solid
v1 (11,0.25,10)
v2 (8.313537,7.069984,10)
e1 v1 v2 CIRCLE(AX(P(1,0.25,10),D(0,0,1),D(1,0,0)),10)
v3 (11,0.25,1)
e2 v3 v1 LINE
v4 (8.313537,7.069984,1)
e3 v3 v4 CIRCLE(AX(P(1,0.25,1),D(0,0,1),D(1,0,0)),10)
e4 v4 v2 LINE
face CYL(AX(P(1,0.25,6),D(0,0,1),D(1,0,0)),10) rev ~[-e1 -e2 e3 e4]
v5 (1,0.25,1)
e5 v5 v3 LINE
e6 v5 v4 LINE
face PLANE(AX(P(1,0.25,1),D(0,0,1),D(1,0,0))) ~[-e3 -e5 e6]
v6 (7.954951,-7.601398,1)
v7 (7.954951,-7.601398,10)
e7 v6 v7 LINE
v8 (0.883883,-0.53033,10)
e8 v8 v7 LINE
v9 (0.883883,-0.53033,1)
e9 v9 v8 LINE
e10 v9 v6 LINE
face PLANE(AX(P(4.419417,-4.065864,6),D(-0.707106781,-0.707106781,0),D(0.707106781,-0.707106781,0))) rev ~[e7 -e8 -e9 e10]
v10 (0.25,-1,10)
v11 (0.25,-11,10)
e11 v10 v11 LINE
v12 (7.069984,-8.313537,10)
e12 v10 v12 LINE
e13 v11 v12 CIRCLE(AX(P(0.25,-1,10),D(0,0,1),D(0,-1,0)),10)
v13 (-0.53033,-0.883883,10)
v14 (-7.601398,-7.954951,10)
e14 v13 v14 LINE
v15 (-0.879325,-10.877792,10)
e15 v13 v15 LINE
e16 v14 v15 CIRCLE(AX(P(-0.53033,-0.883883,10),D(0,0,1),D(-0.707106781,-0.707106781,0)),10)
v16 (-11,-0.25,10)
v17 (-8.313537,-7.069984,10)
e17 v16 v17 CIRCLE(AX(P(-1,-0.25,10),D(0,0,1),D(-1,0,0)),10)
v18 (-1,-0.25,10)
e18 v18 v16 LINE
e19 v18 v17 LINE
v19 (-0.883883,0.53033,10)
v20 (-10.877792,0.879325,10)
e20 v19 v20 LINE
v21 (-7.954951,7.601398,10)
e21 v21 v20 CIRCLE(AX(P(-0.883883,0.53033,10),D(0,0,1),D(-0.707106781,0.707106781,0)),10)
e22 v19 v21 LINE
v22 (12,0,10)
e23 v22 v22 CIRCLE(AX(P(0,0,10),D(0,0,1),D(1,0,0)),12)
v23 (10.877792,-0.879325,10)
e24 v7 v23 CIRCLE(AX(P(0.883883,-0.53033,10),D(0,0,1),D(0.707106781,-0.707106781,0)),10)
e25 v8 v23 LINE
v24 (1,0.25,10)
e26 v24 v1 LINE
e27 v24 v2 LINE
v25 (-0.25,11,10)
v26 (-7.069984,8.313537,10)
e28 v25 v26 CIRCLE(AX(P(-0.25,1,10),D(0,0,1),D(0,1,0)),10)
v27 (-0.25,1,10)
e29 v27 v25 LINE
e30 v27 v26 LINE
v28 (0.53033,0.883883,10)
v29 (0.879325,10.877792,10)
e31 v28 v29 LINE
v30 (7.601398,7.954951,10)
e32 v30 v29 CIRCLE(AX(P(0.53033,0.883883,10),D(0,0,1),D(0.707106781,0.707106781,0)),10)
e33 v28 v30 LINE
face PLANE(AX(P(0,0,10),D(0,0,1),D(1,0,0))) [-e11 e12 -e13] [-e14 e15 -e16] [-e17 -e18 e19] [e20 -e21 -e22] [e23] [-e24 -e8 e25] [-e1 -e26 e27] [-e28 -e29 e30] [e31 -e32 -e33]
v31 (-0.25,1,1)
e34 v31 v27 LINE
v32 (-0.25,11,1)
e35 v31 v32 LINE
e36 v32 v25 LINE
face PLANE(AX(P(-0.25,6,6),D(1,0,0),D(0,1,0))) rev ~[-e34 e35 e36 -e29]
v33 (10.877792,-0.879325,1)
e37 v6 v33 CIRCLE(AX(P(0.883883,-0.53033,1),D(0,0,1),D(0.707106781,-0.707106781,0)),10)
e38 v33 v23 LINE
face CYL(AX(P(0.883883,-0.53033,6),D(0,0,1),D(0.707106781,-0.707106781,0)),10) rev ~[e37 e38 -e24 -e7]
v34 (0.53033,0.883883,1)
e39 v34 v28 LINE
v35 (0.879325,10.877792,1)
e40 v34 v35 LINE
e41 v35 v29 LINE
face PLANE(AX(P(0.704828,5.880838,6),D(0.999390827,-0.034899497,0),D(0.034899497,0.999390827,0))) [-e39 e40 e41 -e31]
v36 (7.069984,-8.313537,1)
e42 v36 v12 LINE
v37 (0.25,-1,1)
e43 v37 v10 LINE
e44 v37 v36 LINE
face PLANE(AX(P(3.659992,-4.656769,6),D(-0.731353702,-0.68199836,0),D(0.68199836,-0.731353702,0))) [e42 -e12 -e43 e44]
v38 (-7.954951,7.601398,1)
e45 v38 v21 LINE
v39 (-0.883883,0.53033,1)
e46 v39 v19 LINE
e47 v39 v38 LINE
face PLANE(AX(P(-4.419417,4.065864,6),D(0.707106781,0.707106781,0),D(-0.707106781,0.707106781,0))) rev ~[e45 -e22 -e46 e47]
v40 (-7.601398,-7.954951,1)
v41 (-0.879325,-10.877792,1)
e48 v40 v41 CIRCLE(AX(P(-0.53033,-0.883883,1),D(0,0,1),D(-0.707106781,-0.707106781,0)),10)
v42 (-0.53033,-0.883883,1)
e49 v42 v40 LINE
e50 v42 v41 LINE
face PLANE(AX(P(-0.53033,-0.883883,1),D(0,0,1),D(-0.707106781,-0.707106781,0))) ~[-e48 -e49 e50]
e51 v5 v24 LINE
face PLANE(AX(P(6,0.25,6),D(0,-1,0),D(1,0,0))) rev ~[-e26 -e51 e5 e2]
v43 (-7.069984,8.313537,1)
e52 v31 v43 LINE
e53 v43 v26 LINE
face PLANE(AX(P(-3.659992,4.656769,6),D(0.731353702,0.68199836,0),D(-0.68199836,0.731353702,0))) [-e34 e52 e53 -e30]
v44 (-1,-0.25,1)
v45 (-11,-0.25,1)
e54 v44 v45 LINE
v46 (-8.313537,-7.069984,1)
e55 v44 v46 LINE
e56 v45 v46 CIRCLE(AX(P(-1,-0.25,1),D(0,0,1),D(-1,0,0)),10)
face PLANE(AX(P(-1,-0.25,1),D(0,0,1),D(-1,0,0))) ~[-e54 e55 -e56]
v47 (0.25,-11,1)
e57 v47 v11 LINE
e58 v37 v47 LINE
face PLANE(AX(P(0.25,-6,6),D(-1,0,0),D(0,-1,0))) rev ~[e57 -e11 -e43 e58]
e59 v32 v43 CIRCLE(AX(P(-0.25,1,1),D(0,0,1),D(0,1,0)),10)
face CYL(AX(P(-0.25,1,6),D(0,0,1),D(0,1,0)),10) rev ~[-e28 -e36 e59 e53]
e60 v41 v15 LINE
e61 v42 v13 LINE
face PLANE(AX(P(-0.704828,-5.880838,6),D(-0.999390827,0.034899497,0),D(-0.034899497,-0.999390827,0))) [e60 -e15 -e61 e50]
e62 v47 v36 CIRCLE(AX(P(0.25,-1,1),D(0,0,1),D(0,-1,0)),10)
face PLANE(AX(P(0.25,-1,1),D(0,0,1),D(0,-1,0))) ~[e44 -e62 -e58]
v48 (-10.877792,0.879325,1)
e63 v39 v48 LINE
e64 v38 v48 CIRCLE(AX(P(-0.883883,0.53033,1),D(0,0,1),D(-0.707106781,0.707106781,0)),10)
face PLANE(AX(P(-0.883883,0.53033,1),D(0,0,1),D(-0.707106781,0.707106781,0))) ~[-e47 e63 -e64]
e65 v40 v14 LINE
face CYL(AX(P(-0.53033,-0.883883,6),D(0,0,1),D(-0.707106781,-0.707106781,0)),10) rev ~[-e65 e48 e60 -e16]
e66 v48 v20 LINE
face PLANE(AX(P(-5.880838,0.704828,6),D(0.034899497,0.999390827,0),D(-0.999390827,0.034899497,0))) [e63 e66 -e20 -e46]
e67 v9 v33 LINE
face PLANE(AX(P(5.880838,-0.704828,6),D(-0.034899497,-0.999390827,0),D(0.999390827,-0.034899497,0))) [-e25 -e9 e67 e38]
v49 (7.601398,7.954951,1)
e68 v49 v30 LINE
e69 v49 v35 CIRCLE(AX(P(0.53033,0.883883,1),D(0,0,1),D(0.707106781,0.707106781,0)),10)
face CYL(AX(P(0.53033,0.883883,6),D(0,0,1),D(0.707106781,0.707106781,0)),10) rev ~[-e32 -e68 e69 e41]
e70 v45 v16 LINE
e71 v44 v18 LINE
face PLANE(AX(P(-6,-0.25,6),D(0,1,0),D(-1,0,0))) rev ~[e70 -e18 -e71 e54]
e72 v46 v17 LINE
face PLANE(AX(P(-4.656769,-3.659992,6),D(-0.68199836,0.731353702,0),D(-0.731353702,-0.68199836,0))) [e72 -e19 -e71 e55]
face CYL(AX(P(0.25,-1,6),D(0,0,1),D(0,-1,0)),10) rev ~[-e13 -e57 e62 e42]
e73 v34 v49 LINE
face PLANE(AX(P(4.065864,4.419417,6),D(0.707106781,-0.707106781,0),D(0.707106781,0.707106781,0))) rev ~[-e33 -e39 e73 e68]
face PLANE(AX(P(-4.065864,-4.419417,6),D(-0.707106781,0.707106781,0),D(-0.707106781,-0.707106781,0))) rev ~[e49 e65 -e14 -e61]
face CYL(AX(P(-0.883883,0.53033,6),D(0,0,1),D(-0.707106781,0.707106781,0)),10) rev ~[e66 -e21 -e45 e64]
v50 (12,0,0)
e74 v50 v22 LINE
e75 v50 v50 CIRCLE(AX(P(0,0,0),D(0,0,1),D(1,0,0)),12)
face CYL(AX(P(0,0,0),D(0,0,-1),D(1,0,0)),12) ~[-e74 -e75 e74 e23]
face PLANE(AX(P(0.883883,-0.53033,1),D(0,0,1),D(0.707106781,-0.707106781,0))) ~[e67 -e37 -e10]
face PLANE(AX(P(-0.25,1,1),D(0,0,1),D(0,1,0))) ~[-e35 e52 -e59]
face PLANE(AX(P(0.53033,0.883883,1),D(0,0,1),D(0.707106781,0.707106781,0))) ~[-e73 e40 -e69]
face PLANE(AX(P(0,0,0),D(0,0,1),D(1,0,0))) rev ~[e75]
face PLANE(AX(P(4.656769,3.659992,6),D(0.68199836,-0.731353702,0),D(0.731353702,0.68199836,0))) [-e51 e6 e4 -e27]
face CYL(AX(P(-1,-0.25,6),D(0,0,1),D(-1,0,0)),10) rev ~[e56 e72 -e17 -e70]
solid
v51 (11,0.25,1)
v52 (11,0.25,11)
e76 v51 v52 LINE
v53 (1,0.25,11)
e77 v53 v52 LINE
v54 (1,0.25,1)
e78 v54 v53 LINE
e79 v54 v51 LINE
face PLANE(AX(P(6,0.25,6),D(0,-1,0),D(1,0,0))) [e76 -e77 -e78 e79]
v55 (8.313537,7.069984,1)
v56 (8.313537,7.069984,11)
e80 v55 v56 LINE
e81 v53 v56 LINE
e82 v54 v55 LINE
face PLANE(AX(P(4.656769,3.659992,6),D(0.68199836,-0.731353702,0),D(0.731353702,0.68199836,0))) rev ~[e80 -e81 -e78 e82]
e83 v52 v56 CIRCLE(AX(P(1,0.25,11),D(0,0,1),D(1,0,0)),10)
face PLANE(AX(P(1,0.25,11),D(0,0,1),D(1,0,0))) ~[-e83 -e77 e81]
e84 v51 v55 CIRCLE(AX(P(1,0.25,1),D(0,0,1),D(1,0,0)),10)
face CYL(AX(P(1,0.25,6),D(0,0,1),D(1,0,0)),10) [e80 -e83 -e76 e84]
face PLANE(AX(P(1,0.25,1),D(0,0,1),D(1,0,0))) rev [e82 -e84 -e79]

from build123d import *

# Parameters (mm, degrees)
CYLINDER001_W     = 10
CYLINDER001_H     = 10
CYLINDER001_ANGLE = 43
ARRAY_COUNT       = 8
CYLINDER_R        = 12
CYLINDER_DEPTH    = 10
CYLINDER002_W     = 10
CYLINDER002_H     = 10
CYLINDER002_ANGLE = 43


with BuildPart() as array:
    # Cylinder001 → Cylinder001 (revolve)
    with BuildSketch(Plane(origin=(1, 0.25, 1), x_dir=(1, 0, 0), z_dir=(0, -1, 0))):
        with Locations((5, 5)):
            Rectangle(CYLINDER001_W, CYLINDER001_H)
    revolve(axis=Axis((1, 0.25, 1), (0, 0, 1)), revolution_arc=CYLINDER001_ANGLE)

    # Array: Array ×8 about axis
    array_axis = Axis((0, 0, 1), (0, 0, 1))


with BuildPart() as array_1:
    add(array.part)
    for i in range(1, ARRAY_COUNT):
        add(array.part.rotate(array_axis, i * 360 / ARRAY_COUNT))


with BuildPart() as caixa:
    # Cylinder → Cylinder (new body)
    with BuildSketch(Plane.XY):
        Circle(CYLINDER_R)
    extrude(amount=CYLINDER_DEPTH)

    # Cut: cut Array
    add(array_1.part, mode=Mode.SUBTRACT)


with BuildPart() as caserio001:
    # Cylinder002 → Cylinder002 (revolve)
    with BuildSketch(Plane(origin=(1, 0.25, 1), x_dir=(1, 0, 0), z_dir=(0, -1, 0))):
        with Locations((5, 5)):
            Rectangle(CYLINDER002_W, CYLINDER002_H)
    revolve(axis=Axis((1, 0.25, 1), (0, 0, 1)), revolution_arc=CYLINDER002_ANGLE)


solid = Compound([caixa.part, caserio001.part])
